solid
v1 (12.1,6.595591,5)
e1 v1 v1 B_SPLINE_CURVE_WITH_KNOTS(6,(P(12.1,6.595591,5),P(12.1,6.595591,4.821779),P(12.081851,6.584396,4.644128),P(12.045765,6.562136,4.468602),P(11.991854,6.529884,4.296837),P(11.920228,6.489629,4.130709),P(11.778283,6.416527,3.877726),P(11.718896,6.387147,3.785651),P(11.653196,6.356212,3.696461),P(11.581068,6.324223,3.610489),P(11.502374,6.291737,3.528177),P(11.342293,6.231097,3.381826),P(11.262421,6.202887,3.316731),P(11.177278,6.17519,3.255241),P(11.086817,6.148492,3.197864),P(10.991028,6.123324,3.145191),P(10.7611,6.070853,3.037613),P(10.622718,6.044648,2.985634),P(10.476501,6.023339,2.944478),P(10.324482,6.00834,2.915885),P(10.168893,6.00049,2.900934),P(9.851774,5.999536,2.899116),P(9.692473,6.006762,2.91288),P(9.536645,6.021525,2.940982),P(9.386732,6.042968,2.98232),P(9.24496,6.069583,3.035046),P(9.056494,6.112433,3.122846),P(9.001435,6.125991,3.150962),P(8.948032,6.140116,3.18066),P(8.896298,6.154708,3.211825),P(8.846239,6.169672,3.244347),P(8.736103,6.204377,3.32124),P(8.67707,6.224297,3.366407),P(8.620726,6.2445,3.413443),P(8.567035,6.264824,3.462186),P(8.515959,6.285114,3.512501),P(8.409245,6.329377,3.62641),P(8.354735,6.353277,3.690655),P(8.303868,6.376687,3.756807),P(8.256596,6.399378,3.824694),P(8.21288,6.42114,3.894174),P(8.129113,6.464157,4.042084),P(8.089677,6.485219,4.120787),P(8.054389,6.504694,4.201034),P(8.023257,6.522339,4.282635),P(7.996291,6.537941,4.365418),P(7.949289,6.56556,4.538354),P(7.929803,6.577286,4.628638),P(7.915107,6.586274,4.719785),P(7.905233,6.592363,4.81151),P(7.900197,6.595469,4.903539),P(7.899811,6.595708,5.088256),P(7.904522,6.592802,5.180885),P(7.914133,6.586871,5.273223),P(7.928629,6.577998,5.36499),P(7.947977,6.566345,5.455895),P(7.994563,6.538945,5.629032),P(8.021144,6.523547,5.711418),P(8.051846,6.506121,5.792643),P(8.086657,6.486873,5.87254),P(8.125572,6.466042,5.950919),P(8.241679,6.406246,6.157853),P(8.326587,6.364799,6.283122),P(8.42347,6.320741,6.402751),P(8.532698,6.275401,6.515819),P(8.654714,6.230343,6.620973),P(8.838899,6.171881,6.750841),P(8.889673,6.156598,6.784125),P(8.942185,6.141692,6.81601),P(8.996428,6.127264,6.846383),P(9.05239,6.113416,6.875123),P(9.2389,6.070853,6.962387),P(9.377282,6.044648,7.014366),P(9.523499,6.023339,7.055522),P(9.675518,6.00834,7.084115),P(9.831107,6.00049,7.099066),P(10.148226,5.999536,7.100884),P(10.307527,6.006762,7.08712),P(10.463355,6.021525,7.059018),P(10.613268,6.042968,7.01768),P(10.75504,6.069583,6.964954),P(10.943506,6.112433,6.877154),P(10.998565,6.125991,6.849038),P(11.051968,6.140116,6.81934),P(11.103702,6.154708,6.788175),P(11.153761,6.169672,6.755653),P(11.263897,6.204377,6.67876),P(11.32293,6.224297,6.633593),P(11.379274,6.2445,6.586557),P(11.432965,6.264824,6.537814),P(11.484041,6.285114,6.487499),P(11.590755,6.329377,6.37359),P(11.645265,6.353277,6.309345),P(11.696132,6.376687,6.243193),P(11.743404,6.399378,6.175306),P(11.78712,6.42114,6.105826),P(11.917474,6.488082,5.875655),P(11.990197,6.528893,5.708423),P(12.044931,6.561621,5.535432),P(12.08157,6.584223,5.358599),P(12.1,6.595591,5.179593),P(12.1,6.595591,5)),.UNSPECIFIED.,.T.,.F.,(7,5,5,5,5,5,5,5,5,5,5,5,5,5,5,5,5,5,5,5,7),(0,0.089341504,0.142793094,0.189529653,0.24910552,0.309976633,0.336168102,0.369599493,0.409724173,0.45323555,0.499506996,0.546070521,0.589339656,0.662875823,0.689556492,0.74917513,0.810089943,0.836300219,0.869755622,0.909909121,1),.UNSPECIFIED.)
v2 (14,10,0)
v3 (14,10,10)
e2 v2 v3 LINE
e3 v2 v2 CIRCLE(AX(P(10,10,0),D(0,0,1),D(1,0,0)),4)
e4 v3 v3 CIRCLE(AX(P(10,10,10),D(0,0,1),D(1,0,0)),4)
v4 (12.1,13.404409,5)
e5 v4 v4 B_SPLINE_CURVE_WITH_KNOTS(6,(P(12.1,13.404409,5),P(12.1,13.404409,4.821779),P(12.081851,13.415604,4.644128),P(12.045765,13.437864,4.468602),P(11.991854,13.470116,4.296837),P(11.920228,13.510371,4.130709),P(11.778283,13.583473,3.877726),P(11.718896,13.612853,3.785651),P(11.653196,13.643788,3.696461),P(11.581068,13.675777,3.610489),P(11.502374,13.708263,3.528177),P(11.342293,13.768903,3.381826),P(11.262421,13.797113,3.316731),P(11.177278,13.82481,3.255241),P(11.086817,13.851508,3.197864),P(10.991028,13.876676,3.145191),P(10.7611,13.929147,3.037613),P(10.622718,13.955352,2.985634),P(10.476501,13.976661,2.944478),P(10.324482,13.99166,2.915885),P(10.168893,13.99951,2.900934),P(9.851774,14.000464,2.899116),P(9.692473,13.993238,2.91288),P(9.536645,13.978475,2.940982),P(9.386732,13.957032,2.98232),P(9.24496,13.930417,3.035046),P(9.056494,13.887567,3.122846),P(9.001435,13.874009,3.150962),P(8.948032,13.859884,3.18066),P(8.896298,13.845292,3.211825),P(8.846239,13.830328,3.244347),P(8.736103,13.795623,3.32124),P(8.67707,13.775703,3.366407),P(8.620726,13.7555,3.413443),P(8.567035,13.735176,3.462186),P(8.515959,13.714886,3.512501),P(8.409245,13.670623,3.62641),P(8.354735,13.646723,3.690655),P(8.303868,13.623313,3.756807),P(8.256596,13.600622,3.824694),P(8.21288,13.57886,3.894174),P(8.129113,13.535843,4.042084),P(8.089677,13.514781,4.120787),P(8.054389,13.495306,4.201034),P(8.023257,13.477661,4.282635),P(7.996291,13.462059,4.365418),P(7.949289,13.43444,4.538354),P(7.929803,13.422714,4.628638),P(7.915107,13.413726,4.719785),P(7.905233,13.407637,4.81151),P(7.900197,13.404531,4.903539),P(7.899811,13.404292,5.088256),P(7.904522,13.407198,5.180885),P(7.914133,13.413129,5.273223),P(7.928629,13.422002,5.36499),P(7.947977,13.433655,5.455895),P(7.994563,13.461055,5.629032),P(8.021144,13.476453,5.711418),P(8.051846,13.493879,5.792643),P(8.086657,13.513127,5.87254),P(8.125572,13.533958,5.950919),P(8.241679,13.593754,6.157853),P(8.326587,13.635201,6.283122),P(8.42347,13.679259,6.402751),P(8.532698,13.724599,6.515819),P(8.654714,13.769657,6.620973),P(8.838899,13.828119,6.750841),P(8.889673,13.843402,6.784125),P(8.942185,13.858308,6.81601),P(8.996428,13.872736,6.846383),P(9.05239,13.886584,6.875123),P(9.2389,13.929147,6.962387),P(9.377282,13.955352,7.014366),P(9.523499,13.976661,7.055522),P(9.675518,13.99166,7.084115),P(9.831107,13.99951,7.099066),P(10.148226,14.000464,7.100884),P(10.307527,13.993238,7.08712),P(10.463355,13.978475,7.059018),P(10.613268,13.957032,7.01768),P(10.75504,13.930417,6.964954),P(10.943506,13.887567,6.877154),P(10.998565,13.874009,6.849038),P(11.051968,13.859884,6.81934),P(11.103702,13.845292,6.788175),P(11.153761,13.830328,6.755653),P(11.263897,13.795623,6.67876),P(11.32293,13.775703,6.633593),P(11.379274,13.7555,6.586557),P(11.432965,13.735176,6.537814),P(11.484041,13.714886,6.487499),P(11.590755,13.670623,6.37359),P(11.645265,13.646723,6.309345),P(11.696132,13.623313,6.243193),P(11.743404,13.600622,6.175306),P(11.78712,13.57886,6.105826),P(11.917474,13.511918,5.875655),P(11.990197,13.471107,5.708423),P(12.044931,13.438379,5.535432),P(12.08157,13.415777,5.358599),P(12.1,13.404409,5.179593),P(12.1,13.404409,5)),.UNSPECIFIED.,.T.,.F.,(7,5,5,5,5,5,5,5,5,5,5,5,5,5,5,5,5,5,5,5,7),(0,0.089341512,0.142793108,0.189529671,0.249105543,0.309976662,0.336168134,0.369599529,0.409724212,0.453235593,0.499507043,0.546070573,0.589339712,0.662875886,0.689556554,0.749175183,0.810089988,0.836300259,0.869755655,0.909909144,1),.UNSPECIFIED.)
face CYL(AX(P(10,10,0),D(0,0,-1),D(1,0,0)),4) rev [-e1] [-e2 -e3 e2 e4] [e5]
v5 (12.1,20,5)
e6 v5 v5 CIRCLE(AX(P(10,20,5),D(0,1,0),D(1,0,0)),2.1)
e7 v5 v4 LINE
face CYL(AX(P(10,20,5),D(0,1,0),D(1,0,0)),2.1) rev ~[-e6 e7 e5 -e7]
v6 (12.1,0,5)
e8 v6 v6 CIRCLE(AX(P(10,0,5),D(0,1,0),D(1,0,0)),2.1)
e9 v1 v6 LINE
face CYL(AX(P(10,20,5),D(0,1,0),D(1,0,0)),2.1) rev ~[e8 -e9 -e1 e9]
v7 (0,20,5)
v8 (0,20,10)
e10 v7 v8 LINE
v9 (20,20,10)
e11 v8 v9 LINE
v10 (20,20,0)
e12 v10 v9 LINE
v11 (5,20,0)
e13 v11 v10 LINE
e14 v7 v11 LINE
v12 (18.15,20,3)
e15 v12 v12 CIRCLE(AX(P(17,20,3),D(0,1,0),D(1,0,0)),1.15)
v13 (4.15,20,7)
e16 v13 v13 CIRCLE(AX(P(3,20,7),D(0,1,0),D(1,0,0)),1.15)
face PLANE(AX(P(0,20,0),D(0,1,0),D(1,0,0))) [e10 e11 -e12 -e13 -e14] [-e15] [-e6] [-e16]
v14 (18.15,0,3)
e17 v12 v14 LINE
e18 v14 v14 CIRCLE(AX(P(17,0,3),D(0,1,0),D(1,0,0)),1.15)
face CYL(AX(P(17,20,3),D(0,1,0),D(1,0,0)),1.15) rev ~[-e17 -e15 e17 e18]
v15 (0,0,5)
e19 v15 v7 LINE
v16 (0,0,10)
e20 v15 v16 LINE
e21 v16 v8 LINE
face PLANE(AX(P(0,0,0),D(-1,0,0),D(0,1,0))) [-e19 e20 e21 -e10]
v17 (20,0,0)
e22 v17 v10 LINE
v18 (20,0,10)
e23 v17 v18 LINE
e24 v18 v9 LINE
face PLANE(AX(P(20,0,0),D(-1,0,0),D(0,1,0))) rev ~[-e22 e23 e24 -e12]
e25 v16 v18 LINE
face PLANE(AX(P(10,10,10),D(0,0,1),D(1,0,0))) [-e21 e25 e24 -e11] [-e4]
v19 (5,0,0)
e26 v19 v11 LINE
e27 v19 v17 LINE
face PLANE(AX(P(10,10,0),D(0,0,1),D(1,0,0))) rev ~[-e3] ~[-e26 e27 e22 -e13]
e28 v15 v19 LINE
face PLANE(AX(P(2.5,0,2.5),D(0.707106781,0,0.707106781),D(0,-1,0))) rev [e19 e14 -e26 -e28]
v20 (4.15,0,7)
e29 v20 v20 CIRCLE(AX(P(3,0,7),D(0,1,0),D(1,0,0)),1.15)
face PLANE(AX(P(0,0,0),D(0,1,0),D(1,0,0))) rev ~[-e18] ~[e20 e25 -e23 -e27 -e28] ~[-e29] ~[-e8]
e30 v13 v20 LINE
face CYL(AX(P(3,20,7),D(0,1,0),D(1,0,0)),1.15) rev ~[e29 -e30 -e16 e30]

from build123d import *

# Parameters (mm, degrees)
SKETCH1_W           = 20
SKETCH1_H           = 20
SKETCH1_R           = 4
BOSS_EXTRUDE1_DEPTH = 10
SKETCH2_R           = 1.15
SKETCH2_R_2         = 2.1
CUT_EXTRUDE1_DEPTH  = 21
CHAMFER1_SIZE       = 5


with BuildPart() as part:
    # Sketch1 → Boss-Extrude1 (new body)
    with BuildSketch(Plane.XY):
        with Locations((10, 10)):
            Rectangle(SKETCH1_W, SKETCH1_H)
        with Locations((10, 10)):
            Circle(SKETCH1_R, mode=Mode.SUBTRACT)
    extrude(amount=BOSS_EXTRUDE1_DEPTH)

    # Sketch2 → Cut-Extrude1 (cut, through all)
    with BuildSketch(Plane(origin=(0, 20, 0), x_dir=(1, 0, 0), z_dir=(0, 1, 0))):
        with Locations((3, -7)):
            Circle(SKETCH2_R)
        with Locations((17, -3)):
            Circle(SKETCH2_R)
        with Locations((10, -5)):
            Circle(SKETCH2_R_2)
    extrude(amount=-CUT_EXTRUDE1_DEPTH, mode=Mode.SUBTRACT)

    # Chamfer1
    chamfer1_edges = [part.edges().sort_by_distance(p)[0] for p in [
        (0, 10, 0),
    ]]
    chamfer(chamfer1_edges, length=CHAMFER1_SIZE)


solid = part.part
